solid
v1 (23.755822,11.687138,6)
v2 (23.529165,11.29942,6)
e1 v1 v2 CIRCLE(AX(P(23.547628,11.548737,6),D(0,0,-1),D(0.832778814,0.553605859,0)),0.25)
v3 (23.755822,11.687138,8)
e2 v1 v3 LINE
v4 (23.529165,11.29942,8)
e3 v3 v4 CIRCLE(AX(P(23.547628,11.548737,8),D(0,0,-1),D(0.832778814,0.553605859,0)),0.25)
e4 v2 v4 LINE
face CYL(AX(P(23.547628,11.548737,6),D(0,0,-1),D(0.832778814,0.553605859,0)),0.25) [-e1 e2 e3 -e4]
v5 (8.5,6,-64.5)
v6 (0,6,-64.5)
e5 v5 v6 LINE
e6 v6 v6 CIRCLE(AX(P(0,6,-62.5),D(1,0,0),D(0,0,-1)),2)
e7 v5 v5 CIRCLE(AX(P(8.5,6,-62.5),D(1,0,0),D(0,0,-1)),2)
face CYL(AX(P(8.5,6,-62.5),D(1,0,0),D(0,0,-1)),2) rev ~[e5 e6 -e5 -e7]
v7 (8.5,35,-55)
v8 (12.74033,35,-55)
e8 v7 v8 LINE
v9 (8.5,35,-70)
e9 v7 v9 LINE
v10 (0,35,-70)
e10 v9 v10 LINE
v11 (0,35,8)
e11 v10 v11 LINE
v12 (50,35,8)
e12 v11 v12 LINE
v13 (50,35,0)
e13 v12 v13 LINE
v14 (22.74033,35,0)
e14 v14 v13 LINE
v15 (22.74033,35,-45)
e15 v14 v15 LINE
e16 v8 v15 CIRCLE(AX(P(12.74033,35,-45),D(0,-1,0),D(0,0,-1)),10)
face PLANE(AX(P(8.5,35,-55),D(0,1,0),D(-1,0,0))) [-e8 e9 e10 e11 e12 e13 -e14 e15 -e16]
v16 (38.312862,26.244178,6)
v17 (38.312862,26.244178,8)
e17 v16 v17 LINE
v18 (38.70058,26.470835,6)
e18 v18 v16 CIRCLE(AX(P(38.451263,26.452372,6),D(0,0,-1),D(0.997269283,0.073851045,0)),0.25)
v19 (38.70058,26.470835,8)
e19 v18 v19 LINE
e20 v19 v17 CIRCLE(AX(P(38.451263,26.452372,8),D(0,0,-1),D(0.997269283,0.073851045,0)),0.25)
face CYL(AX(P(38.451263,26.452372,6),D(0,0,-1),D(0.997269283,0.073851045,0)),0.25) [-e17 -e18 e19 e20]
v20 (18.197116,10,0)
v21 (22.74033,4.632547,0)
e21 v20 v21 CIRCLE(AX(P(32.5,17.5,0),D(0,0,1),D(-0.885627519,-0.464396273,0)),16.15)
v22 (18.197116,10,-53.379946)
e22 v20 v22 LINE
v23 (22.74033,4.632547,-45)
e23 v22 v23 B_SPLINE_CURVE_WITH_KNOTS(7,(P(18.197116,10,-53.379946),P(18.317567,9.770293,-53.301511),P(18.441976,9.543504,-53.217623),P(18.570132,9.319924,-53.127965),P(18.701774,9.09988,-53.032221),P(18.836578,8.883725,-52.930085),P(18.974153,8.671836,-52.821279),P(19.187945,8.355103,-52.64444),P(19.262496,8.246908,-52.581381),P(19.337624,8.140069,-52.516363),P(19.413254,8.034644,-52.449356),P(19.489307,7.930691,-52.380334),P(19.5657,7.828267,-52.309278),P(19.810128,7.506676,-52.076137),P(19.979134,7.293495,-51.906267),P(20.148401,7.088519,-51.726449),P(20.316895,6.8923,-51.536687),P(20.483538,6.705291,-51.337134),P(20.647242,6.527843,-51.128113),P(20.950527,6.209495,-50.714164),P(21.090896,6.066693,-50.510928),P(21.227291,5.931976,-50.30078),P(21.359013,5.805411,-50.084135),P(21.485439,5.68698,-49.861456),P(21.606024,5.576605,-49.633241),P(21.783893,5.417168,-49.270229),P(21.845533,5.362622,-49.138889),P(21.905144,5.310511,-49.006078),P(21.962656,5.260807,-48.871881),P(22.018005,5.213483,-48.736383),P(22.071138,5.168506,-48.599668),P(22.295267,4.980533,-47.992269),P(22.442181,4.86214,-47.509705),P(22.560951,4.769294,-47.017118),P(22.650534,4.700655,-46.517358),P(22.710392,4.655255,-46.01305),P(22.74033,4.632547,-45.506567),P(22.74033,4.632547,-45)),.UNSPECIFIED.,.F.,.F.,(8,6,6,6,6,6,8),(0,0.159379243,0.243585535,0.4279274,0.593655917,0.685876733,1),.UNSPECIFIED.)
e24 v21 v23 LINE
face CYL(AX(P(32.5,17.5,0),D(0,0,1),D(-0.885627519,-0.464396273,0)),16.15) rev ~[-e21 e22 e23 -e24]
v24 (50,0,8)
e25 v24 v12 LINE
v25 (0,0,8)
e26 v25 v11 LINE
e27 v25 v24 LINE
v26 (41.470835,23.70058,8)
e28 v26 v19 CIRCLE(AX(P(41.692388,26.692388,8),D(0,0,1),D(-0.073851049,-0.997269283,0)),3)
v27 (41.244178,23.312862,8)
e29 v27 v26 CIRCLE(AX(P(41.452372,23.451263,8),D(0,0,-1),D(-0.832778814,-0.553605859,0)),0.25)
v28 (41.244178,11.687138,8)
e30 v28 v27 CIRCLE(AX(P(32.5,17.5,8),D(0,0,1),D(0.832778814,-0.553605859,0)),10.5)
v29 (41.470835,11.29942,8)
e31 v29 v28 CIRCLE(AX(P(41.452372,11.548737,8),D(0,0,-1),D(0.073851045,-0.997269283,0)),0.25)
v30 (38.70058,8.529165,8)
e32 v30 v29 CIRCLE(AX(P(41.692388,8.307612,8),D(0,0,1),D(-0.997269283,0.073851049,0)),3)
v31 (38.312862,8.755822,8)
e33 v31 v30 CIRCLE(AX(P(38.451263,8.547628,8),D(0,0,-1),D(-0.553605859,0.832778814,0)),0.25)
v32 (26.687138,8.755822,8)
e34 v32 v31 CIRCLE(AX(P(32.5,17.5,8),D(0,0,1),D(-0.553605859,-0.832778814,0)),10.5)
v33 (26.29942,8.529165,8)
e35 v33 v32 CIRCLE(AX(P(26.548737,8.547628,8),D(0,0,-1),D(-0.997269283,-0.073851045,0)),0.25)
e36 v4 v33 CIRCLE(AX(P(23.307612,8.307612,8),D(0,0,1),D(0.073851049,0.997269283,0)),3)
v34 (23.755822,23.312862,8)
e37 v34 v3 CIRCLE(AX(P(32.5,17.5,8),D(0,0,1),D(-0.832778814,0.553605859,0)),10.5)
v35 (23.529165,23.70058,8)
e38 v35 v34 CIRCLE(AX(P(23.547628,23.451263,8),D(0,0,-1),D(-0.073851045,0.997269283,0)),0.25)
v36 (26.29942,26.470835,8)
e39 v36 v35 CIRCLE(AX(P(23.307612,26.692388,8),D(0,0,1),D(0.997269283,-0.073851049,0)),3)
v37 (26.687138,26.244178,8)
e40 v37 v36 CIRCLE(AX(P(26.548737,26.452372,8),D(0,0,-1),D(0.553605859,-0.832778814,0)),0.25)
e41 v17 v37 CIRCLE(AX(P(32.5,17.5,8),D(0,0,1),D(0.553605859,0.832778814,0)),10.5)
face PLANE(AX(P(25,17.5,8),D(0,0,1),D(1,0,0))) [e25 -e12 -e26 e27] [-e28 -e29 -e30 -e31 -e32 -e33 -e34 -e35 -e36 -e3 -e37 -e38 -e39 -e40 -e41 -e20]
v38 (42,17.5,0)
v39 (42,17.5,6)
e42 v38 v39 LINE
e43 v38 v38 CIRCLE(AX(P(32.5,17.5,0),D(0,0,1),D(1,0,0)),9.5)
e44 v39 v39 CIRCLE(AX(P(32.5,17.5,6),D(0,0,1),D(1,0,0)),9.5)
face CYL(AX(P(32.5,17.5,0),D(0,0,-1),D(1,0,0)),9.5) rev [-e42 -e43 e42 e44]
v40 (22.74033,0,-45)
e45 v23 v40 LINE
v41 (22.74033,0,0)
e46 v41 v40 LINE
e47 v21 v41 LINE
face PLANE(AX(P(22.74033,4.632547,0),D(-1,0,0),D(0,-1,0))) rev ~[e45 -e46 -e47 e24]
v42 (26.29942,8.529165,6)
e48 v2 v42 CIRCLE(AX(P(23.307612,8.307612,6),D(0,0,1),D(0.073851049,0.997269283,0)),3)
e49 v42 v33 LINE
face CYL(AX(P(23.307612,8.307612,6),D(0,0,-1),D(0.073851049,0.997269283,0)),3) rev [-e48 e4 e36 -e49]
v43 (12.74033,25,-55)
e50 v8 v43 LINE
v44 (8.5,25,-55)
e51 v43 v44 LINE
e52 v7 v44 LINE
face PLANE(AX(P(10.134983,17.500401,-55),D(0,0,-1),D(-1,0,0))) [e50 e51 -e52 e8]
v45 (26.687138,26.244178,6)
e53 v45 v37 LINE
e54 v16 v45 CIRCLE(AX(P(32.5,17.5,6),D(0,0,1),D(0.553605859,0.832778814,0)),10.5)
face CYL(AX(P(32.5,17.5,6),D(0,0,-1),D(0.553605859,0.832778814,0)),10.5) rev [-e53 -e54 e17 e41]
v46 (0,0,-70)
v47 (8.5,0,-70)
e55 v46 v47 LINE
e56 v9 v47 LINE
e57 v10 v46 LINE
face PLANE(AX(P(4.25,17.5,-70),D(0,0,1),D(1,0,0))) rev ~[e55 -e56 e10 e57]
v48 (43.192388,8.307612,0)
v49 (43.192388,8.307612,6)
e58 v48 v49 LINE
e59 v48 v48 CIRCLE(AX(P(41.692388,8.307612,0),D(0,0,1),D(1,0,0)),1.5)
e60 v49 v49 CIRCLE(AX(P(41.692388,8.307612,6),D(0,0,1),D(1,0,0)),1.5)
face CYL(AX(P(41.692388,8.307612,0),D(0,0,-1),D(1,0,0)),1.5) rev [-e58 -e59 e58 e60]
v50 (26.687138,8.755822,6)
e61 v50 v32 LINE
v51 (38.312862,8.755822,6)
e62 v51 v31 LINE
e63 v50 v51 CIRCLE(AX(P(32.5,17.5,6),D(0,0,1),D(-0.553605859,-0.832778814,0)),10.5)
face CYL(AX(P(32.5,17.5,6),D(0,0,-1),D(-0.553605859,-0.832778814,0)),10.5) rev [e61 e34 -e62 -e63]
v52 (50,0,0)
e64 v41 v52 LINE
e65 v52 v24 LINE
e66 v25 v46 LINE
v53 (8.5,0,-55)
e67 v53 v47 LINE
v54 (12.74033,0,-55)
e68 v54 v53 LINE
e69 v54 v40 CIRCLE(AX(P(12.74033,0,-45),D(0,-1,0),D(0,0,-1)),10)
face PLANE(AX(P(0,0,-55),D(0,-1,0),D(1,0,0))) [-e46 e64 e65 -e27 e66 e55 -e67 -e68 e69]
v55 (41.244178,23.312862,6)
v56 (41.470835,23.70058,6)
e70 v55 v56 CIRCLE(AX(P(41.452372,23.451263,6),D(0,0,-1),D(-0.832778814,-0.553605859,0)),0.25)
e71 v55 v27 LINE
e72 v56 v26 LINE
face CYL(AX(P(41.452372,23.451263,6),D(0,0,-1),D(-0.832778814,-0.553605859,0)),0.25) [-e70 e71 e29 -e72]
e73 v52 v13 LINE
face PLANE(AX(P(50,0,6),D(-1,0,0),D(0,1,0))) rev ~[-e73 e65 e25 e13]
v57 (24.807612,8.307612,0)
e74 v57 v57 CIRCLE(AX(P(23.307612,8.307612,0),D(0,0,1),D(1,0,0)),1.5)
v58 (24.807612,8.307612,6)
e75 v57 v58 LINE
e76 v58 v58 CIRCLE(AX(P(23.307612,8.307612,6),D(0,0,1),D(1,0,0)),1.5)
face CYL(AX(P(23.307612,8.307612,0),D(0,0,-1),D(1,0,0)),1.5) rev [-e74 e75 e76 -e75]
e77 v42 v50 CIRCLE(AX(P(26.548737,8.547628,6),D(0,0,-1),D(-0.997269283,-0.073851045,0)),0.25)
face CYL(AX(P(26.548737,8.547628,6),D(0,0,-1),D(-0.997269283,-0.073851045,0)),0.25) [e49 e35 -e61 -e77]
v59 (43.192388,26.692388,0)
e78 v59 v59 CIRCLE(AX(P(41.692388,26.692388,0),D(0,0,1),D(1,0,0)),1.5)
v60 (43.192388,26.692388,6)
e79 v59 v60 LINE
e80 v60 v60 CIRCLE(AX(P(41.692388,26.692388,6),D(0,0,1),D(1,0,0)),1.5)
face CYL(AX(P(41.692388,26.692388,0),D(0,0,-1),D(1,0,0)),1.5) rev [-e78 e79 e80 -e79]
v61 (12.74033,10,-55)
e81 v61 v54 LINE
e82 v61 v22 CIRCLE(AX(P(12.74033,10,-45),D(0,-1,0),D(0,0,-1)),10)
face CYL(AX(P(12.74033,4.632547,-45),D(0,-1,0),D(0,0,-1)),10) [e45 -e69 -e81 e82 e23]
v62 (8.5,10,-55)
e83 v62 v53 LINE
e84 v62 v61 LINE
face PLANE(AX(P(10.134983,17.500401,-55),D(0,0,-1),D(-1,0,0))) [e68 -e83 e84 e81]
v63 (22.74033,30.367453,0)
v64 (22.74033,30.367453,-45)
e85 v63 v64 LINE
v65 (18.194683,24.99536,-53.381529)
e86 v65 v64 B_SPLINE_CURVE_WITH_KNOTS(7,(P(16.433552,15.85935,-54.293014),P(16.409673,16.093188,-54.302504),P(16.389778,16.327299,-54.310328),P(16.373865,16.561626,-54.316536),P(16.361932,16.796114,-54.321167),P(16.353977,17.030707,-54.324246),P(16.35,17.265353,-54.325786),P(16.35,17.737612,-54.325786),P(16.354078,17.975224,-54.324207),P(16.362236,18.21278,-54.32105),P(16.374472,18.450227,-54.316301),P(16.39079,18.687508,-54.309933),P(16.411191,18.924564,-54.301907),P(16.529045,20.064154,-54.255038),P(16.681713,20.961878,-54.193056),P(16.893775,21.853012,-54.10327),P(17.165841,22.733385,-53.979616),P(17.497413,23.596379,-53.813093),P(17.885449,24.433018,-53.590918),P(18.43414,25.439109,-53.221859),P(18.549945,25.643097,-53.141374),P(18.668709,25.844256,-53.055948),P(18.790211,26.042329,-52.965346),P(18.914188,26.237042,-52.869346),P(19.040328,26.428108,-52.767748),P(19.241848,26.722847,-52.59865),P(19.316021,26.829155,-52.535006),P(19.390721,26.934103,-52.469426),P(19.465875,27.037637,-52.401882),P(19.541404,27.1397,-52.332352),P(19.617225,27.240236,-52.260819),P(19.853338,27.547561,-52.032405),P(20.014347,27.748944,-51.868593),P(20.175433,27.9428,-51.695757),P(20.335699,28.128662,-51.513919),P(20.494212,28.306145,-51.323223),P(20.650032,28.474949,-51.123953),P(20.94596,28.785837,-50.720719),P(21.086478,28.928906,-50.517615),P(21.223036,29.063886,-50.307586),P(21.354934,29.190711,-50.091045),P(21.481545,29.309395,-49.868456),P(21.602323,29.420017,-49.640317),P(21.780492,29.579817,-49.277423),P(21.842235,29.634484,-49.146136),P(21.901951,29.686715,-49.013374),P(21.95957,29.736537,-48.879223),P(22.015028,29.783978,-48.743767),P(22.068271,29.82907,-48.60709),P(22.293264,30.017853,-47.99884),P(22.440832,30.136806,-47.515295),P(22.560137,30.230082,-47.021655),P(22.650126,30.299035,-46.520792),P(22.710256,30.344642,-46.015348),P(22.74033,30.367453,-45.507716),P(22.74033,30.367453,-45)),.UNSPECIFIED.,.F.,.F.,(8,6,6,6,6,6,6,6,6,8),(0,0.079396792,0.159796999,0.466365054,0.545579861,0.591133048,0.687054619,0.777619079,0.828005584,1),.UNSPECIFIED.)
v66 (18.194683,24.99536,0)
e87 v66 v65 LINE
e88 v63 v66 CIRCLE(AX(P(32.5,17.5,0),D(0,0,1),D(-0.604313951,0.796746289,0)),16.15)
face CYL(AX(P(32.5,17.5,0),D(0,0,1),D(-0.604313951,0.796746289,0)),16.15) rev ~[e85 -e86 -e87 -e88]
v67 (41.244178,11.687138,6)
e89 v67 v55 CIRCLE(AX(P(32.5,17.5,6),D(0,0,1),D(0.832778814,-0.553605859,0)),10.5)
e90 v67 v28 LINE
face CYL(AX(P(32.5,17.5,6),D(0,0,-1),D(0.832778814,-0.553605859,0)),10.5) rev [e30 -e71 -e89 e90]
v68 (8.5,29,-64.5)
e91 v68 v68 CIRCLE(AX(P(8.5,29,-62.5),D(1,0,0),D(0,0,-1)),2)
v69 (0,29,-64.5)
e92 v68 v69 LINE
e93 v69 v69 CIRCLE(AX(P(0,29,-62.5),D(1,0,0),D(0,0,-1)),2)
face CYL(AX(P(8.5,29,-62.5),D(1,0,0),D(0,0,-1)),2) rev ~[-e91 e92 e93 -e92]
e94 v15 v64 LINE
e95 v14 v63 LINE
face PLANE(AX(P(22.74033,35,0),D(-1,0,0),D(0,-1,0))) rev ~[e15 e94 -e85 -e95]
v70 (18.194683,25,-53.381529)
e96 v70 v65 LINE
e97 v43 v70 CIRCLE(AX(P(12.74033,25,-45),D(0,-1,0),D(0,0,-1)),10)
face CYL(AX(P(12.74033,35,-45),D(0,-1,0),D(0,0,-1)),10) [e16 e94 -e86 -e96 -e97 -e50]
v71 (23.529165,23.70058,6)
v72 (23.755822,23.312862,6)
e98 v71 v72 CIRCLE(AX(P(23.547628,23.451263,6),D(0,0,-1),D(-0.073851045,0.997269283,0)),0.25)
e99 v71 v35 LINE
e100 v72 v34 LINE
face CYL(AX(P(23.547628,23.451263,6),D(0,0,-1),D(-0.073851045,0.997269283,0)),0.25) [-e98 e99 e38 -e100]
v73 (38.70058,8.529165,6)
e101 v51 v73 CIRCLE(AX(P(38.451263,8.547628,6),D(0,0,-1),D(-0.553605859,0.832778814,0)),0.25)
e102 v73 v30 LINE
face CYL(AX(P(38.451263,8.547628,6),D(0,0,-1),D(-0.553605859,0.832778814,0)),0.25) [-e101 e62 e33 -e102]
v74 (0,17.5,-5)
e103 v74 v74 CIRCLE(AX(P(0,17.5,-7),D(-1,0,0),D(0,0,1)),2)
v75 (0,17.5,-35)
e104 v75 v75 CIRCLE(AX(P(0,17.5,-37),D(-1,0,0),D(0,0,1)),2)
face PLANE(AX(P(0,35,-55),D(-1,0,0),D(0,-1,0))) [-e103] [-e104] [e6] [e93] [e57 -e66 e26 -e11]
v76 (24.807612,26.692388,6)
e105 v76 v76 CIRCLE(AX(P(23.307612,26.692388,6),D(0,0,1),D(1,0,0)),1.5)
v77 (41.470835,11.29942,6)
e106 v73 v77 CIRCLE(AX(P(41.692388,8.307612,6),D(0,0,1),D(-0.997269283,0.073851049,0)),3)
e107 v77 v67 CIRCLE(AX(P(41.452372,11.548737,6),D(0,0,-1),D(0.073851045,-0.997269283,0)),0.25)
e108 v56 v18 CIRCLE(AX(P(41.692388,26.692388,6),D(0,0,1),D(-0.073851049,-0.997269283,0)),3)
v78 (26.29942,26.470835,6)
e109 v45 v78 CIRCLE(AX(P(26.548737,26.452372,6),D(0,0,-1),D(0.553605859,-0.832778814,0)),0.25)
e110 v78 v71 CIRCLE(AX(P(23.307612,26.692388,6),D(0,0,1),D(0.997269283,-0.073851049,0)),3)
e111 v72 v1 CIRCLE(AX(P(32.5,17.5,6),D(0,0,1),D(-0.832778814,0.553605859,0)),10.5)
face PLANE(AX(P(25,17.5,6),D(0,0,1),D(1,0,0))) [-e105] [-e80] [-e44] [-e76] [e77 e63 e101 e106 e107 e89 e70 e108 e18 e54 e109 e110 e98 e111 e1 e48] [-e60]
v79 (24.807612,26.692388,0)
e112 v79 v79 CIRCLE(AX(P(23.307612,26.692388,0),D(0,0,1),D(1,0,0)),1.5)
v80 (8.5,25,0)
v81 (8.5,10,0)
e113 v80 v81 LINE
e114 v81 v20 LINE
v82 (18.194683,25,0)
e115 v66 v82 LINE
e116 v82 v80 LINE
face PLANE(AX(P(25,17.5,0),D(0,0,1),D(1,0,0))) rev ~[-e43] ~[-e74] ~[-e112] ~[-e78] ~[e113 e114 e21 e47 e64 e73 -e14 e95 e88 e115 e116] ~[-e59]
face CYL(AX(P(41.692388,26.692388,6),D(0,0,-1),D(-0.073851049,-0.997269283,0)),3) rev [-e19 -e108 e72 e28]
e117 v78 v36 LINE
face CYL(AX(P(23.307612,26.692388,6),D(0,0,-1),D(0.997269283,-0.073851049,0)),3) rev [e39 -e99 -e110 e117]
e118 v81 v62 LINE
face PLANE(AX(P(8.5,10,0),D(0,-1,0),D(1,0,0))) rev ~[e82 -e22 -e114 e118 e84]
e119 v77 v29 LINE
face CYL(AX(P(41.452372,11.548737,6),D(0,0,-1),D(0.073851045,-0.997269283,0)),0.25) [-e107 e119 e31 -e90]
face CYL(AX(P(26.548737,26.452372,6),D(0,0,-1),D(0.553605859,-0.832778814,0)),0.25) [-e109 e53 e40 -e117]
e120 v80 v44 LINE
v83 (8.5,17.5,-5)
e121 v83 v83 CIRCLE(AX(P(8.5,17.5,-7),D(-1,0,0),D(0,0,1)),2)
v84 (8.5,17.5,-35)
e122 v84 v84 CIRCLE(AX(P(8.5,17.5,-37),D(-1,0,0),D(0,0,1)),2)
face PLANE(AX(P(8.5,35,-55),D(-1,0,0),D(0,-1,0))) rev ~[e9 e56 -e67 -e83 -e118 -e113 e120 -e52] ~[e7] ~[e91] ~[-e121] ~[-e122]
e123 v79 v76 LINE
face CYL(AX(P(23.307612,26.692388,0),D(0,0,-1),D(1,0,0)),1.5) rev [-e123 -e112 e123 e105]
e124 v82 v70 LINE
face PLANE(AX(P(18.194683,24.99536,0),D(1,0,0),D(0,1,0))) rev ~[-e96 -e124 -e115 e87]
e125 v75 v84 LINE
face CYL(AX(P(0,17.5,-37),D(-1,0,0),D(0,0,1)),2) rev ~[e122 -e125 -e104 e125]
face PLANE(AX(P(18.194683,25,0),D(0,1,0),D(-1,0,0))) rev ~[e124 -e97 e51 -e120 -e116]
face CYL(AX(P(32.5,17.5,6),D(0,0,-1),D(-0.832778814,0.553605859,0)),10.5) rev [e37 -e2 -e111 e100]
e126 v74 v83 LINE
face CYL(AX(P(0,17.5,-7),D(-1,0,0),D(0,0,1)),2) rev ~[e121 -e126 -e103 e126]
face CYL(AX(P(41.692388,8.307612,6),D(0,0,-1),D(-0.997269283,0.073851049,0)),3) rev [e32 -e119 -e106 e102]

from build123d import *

# Parameters (mm, degrees)
SKETCH1_W           = 50
SKETCH1_H           = 35
SKETCH1_R           = 9.5
SKETCH1_R_2         = 1.5
BOSS_EXTRUDE3_DEPTH = 6
SKETCH4_W           = 50
SKETCH4_H           = 35
BOSS_EXTRUDE5_DEPTH = 2
BOSS_EXTRUDE6_DEPTH = 55
SKETCH9_R           = 2
CUT_EXTRUDE1_DEPTH  = 8.5
BOSS_EXTRUDE7_DEPTH = 15
FILLET1_R           = 10
FILLET8_R           = 10
SKETCH16_R          = 2
CUT_EXTRUDE2_DEPTH  = 8.5


with BuildPart() as part:
    # Sketch1 → Boss-Extrude3 (new body)
    with BuildSketch(Plane.XY):
        with Locations((25, 17.5)):
            Rectangle(SKETCH1_W, SKETCH1_H)
        with Locations((32.5, 17.5)):
            Circle(SKETCH1_R, mode=Mode.SUBTRACT)
        with Locations((41.692388155, 26.692388155)):
            Circle(SKETCH1_R_2, mode=Mode.SUBTRACT)
        with Locations((41.692388155, 8.307611845)):
            Circle(SKETCH1_R_2, mode=Mode.SUBTRACT)
        with Locations((23.307611845, 8.307611845)):
            Circle(SKETCH1_R_2, mode=Mode.SUBTRACT)
        with Locations((23.307611845, 26.692388155)):
            Circle(SKETCH1_R_2, mode=Mode.SUBTRACT)
    extrude(amount=BOSS_EXTRUDE3_DEPTH)

    # Sketch4 → Boss-Extrude5 (add)
    with BuildSketch(Plane.XY.offset(6)):
        with Locations((25, 17.5)):
            Rectangle(SKETCH4_W, SKETCH4_H)
        with BuildLine():
            ThreePointArc((26.299419693, 26.47083501), (21.186291501, 28.813708499), (23.52916499, 23.700580307))
            ThreePointArc((23.52916499, 23.700580307), (23.763454109, 23.57743344), (23.755822455, 23.312861521))
            ThreePointArc((23.755822455, 23.312861521), (22, 17.5), (23.755822455, 11.687138479))
            ThreePointArc((23.755822455, 11.687138479), (23.763454109, 11.42256656), (23.52916499, 11.299419693))
            ThreePointArc((23.52916499, 11.299419693), (21.186291501, 6.186291501), (26.299419693, 8.52916499))
            ThreePointArc((26.299419693, 8.52916499), (26.42256656, 8.763454109), (26.687138479, 8.755822455))
            ThreePointArc((26.687138479, 8.755822455), (32.5, 7), (38.312861521, 8.755822455))
            ThreePointArc((38.312861521, 8.755822455), (38.57743344, 8.763454109), (38.700580307, 8.52916499))
            ThreePointArc((38.700580307, 8.52916499), (43.813708499, 6.186291501), (41.47083501, 11.299419693))
            ThreePointArc((41.47083501, 11.299419693), (41.236545891, 11.42256656), (41.244177545, 11.687138479))
            ThreePointArc((41.244177545, 11.687138479), (43, 17.5), (41.244177545, 23.312861521))
            ThreePointArc((41.244177545, 23.312861521), (41.236545891, 23.57743344), (41.47083501, 23.700580307))
            ThreePointArc((41.47083501, 23.700580307), (43.813708499, 28.813708499), (38.700580307, 26.47083501))
            ThreePointArc((38.700580307, 26.47083501), (38.57743344, 26.236545891), (38.312861521, 26.244177545))
            ThreePointArc((38.312861521, 26.244177545), (32.5, 28), (26.687138479, 26.244177545))
            ThreePointArc((26.687138479, 26.244177545), (26.42256656, 26.236545891), (26.299419693, 26.47083501))
        make_face(mode=Mode.SUBTRACT)
    extrude(amount=BOSS_EXTRUDE5_DEPTH)

    # Sketch8 → Boss-Extrude6 (add)
    with BuildSketch(Plane(origin=(0, 0, 0), x_dir=(-1, 0, 0), z_dir=(0, 0, -1))):
        with BuildLine():
            Line((-8.5, 35), (-22.740329685, 35))
            Line((-22.740329685, 35), (-22.740329685, 30.367452558))
            ThreePointArc((-22.740329685, 30.367452558), (-20.171344576, 27.9320063), (-18.194683381, 24.99535966))
            Line((-18.194683381, 24.99535966), (-18.194683381, 25))
            Line((-18.194683381, 25), (-8.5, 25))
            Line((-8.5, 25), (-8.5, 10.000000197))
            Line((-8.5, 10.000000197), (-18.197115572, 10.000000197))
            ThreePointArc((-18.197115572, 10.000000197), (-20.17303677, 7.065994176), (-22.740329685, 4.632547442))
            Line((-22.740329685, 4.632547442), (-22.740329685, 0))
            Line((-22.740329685, 0), (-8.5, 0))
            Line((-8.5, 0), (0, 0))
            Line((0, 0), (0, 10.000000197))
            Line((0, 10.000000197), (0, 25))
            Line((0, 25), (0, 35))
            Line((0, 35), (-8.5, 35))
        make_face()
    extrude(amount=BOSS_EXTRUDE6_DEPTH)

    # Sketch9 → Cut-Extrude1 (cut)
    with BuildSketch(Plane.ZY):
        with Locations((-7, 17.5)):
            Circle(SKETCH9_R)
        with Locations((-37, 17.5)):
            Circle(SKETCH9_R)
    extrude(amount=-CUT_EXTRUDE1_DEPTH, mode=Mode.SUBTRACT)

    # Sketch11 → Boss-Extrude7 (add)
    with BuildSketch(Plane(origin=(0, 0, -55), x_dir=(-1, 0, 0), z_dir=(0, 0, -1))):
        Polygon((-8.5, 10.000000197), (-8.5, 35), (0, 35), (0, 0), (-8.5, 0), align=None)
    extrude(amount=BOSS_EXTRUDE7_DEPTH)

    # Fillet1
    fillet1_edges = [part.edges().sort_by_distance(p)[0] for p in [
        (22.740329685, 32.683726279, -55),
    ]]
    fillet(fillet1_edges, radius=FILLET1_R)

    # Fillet8
    fillet8_edges = [part.edges().sort_by_distance(p)[0] for p in [
        (22.740329685, 2.316273721, -55),
    ]]
    fillet(fillet8_edges, radius=FILLET8_R)

    # Sketch16 → Cut-Extrude2 (cut)
    with BuildSketch(Plane(origin=(8.5, 0, 0), x_dir=(0, 0, -1), z_dir=(1, 0, 0))):
        with Locations((62.5, 29.000000197)):
            Circle(SKETCH16_R)
        with Locations((62.5, 6)):
            Circle(SKETCH16_R)
    extrude(amount=-CUT_EXTRUDE2_DEPTH, mode=Mode.SUBTRACT)


solid = part.part
